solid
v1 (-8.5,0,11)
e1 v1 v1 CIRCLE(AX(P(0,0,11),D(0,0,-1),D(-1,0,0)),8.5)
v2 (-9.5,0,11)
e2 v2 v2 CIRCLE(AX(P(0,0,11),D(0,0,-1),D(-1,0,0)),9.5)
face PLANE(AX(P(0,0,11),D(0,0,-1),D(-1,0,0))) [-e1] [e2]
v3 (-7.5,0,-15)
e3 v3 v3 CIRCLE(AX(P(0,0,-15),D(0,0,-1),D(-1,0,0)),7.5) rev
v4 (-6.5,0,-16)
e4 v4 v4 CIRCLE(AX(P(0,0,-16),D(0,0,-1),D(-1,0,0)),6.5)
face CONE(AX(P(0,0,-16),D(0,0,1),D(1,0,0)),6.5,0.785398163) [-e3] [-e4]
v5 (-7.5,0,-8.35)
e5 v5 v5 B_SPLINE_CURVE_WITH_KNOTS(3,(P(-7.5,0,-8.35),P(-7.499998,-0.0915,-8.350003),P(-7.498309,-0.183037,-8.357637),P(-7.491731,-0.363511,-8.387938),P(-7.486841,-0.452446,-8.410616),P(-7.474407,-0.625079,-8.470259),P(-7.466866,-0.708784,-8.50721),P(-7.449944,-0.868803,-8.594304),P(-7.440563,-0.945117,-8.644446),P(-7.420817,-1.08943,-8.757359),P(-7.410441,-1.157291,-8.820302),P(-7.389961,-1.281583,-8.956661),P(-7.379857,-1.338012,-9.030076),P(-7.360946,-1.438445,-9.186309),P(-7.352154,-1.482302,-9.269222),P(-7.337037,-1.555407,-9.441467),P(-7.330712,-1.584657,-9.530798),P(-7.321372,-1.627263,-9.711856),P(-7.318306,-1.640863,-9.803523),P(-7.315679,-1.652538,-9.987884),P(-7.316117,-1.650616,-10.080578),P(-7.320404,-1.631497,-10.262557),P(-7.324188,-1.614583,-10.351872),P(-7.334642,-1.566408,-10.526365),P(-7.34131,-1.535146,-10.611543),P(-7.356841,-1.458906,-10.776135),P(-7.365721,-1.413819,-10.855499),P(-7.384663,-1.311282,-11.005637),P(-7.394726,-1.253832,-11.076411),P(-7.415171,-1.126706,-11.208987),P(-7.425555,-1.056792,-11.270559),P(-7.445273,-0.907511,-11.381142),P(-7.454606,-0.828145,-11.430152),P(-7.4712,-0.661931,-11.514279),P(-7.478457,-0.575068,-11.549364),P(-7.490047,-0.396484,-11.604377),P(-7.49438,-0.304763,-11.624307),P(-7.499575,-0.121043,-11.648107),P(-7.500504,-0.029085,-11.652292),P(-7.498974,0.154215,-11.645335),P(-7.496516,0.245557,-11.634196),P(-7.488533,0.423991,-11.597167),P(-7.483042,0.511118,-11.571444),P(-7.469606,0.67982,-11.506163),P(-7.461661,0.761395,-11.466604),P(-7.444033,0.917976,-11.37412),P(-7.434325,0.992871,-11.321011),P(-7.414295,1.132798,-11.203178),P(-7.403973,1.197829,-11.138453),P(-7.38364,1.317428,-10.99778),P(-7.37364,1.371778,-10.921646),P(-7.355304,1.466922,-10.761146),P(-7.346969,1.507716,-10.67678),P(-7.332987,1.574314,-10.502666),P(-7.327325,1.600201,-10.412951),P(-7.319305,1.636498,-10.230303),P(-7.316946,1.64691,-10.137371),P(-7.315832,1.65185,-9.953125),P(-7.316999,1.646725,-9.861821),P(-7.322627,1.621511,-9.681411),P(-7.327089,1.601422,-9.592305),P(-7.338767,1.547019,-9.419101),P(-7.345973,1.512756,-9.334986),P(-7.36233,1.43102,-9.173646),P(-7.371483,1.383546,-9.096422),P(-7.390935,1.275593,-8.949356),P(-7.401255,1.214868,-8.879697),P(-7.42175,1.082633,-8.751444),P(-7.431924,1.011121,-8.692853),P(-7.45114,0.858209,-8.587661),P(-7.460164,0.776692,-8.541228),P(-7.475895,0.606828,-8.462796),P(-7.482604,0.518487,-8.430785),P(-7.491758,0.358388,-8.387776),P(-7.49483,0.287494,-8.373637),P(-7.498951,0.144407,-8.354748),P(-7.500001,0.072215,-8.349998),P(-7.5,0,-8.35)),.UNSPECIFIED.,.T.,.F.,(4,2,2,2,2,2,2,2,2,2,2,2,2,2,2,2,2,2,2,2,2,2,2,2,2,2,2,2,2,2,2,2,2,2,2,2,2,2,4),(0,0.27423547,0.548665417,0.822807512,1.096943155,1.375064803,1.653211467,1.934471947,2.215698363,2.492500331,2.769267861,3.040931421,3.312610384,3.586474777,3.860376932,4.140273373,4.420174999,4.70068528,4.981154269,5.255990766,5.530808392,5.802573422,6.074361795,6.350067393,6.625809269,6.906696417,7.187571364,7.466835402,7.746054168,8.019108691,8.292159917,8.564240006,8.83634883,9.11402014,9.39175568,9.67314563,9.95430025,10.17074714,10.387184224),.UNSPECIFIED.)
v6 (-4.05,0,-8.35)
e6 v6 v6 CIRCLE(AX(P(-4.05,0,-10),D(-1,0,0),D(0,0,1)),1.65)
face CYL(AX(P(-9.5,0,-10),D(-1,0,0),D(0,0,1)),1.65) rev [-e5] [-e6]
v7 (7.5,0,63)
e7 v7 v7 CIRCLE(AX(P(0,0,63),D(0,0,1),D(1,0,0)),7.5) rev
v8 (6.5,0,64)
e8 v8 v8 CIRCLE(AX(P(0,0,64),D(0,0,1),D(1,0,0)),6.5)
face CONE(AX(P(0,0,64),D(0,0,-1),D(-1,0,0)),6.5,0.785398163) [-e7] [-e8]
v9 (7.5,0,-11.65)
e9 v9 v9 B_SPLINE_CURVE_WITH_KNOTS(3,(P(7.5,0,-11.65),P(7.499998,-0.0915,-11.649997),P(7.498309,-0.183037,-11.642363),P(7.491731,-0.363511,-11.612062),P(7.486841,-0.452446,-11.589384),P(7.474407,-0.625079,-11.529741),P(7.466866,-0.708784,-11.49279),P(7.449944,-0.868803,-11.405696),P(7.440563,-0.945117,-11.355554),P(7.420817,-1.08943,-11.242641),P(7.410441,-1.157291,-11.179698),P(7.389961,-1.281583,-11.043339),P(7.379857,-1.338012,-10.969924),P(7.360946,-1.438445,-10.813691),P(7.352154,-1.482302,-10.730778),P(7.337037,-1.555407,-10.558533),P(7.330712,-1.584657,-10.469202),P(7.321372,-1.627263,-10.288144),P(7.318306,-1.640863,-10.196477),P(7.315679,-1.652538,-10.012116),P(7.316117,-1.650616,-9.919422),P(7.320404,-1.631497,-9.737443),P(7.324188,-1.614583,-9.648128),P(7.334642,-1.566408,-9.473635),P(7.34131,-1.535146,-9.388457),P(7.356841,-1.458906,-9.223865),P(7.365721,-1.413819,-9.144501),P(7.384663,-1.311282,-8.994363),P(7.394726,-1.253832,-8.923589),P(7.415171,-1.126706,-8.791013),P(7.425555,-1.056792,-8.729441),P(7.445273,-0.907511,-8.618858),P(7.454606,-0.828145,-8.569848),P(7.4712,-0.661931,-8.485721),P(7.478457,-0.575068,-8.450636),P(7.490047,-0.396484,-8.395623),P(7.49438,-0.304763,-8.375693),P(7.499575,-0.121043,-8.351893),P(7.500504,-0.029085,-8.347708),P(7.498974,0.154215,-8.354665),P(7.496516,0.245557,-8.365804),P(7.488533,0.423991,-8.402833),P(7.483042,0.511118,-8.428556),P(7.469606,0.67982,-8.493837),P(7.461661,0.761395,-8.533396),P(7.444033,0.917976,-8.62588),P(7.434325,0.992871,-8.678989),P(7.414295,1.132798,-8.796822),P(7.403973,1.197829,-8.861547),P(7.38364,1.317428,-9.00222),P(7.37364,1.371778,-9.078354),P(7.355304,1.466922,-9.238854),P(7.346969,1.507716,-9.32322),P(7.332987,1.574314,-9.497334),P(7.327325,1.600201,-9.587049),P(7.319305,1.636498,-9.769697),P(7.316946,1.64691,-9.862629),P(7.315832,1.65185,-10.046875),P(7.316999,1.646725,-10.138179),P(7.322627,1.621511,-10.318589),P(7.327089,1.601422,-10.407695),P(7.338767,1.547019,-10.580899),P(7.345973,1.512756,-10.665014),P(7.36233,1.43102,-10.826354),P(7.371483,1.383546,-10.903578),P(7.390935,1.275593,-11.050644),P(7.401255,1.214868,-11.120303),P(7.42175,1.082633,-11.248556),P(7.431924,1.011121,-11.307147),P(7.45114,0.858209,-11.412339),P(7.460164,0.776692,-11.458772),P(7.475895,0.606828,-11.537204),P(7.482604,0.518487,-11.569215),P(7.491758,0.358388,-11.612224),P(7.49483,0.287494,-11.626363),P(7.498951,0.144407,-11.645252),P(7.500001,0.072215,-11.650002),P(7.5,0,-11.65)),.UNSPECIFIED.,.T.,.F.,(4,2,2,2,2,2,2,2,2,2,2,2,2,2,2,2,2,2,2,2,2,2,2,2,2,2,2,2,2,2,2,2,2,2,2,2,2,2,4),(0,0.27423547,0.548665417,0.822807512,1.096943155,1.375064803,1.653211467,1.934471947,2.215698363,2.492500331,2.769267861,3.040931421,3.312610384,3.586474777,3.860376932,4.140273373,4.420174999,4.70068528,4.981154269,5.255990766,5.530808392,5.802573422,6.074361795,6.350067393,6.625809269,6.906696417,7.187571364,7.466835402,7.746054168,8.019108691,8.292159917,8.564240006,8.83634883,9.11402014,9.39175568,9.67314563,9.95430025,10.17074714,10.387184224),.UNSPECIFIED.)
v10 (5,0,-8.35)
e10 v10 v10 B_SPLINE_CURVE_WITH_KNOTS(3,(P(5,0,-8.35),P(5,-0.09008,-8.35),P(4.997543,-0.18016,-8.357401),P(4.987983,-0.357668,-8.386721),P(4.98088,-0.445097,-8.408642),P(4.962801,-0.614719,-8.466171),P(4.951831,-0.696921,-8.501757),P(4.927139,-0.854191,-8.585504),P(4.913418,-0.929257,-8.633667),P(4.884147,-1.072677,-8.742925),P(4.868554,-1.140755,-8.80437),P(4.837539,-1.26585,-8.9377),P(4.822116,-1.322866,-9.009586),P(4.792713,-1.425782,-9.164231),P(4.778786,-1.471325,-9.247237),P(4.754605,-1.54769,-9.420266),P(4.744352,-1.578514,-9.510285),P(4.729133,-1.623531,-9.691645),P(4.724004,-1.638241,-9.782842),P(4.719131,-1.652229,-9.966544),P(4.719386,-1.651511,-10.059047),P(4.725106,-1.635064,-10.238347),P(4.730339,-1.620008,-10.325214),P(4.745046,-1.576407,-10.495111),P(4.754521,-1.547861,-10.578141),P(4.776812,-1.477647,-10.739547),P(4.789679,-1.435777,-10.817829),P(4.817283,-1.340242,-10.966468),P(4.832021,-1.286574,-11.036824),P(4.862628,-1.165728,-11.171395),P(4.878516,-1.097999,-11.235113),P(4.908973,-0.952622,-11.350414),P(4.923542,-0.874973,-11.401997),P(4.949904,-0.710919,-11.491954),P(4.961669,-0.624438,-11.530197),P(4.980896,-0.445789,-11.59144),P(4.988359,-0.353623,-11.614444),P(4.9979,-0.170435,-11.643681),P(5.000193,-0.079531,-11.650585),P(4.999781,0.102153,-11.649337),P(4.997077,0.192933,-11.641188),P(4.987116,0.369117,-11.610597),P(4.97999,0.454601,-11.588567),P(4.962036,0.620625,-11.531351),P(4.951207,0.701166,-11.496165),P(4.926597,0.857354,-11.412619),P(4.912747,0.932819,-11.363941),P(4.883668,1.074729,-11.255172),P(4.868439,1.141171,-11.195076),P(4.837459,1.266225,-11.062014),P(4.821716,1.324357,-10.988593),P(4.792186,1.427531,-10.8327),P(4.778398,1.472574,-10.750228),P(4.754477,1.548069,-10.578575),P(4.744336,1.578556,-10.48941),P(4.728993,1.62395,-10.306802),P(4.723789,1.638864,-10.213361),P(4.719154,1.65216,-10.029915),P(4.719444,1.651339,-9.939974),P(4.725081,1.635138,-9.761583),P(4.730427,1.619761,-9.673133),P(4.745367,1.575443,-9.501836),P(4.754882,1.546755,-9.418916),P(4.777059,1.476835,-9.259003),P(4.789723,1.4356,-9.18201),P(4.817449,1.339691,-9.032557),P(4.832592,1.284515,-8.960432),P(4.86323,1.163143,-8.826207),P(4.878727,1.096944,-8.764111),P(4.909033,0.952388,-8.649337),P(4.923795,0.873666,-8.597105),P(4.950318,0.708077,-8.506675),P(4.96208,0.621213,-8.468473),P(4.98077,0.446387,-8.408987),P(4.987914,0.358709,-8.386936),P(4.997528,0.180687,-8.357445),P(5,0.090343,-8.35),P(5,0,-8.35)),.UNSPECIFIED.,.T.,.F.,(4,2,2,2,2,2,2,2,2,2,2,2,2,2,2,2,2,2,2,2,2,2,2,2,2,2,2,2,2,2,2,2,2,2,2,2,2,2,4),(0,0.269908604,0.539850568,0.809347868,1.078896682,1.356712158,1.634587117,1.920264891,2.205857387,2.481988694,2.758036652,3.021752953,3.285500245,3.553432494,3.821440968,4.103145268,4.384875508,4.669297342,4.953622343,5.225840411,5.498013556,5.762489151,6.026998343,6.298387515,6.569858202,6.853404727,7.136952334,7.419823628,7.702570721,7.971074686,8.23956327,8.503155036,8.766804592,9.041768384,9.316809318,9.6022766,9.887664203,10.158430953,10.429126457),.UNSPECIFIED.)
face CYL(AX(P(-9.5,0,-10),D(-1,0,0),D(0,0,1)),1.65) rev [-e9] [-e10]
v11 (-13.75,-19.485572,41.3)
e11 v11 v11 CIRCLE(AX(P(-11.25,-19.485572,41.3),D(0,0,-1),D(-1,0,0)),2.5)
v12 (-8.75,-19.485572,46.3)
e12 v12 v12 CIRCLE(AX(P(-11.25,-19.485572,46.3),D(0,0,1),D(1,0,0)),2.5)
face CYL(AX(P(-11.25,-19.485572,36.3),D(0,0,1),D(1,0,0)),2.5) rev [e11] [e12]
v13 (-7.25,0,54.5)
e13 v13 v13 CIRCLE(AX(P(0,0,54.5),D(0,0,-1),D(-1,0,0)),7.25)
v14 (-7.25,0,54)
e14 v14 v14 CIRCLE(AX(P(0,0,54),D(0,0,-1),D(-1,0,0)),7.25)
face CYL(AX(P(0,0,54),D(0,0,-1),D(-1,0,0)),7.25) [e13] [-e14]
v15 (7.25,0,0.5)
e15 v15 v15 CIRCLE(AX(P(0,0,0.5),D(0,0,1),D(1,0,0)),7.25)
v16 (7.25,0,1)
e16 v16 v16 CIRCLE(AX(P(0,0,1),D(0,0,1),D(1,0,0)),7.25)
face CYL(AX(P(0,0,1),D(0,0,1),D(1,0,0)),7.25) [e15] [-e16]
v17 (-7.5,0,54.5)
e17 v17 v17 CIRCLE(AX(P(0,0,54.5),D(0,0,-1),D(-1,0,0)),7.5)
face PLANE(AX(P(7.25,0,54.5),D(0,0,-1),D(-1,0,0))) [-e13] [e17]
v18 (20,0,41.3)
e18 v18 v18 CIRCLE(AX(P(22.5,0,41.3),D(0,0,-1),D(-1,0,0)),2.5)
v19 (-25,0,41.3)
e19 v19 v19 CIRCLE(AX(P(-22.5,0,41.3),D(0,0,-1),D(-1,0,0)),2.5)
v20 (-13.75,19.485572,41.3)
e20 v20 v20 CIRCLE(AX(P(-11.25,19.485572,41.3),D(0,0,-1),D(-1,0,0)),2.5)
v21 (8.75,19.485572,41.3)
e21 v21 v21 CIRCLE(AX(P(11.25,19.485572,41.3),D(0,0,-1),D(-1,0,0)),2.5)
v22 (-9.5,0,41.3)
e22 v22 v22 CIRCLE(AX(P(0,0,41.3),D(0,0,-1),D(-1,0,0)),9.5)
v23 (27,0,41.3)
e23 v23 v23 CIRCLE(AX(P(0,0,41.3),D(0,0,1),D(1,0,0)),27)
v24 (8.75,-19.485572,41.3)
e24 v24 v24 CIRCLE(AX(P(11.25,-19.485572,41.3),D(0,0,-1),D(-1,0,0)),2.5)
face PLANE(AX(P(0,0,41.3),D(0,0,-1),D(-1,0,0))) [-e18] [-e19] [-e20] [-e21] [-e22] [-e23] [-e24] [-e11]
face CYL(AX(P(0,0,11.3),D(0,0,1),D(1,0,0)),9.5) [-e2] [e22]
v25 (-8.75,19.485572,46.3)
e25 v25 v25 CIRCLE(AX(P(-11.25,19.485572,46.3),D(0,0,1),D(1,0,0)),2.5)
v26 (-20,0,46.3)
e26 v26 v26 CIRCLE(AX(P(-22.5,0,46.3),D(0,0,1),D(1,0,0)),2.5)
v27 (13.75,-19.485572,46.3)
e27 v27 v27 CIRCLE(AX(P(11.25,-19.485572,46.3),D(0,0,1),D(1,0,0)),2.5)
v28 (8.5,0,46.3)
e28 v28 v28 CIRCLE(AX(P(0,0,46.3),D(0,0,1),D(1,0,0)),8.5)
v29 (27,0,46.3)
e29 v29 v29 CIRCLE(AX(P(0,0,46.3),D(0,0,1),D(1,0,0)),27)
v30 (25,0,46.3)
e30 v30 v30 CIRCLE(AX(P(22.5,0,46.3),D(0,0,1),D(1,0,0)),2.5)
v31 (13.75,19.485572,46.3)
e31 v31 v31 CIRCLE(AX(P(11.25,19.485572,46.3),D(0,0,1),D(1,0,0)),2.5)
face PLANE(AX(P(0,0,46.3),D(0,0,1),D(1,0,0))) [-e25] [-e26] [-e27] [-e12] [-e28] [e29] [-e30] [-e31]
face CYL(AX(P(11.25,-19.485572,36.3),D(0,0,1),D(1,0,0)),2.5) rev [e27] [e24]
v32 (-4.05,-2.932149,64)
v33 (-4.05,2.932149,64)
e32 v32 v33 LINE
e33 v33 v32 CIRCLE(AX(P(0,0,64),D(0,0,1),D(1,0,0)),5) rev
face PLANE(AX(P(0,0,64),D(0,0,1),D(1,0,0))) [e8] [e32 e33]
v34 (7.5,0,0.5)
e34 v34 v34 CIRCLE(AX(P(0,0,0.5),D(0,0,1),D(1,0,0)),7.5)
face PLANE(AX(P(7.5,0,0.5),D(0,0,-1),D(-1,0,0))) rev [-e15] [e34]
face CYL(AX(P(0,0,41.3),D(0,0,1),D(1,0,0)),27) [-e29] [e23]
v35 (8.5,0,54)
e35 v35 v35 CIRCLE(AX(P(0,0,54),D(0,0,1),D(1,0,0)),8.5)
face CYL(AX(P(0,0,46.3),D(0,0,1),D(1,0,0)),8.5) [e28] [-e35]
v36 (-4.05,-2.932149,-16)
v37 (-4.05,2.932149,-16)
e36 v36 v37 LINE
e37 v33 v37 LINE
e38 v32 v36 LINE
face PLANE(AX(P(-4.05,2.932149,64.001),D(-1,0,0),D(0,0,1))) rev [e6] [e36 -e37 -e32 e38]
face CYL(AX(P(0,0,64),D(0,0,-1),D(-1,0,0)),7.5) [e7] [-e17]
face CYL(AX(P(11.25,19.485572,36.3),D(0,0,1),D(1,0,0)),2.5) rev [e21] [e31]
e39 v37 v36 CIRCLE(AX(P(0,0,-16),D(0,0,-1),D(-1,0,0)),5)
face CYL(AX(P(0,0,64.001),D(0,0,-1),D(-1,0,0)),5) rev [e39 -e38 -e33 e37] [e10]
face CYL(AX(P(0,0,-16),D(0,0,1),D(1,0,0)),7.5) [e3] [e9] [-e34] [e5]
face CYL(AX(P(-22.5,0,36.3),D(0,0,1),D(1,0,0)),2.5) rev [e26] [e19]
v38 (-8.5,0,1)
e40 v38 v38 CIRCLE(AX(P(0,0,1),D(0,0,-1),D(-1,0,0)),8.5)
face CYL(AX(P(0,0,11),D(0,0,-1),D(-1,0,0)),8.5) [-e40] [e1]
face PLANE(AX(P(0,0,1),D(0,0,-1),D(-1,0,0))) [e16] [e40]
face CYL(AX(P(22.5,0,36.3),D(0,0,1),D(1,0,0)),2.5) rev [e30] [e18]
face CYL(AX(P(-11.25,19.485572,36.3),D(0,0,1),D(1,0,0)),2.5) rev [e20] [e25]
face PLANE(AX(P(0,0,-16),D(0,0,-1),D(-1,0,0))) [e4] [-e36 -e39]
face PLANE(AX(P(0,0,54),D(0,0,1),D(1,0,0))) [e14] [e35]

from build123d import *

# Parameters (mm, degrees)
SKETCH_1_R                = 7
EXTRUDE_1_DEPTH           = 54
SKETCH_2_R                = 5
EXTRUDE_2_DEPTH           = 7
CHAMFER_1_SIZE            = 1
SKETCH_3_R                = 10
EXTRUDE_3_DEPTH           = 2
SKETCH_4_R                = 6
EXTRUDE_4_DEPTH           = 25
SKETCH_7_R                = 10
EXTRUDE_5_DEPTH           = 4.3
SKETCH_9_R                = 10
SKETCH_9_R_2              = 6
CUT_EXTRUDE_3_DEPTH       = 1.3
SKETCH_11_R               = 27
SKETCH_11_R_2             = 10
EXTRUDE_6_DEPTH           = 5
SKETCH_12_R               = 9.5
SKETCH_12_R_2             = 6
EXTRUDE_7_DEPTH           = 30
SKETCH_14_R               = 2.5
CUT_EXTRUDE_4_DEPTH       = 10
CUT_EXTRUDE_5_DEPTH       = 30
CHAMFER_2_SIZE            = 1
HOLE_WIZARD_M3_1_D        = 2.5
HOLE_WIZARD_M3_1_DEPTH    = 18.5
HOLE_WIZARD_M3_1_TIP      = 0.751075774
SKETCH_22_W               = 38.47112098
SKETCH_22_H               = 24.703275639
CUT_EXTRUDE_10_DEPTH      = 28
CUT_EXTRUDE_10_DEPTH_BACK = 28
SKETCH_24_R               = 9.5
EXTRUDE_9_DEPTH           = 10.3
SKETCH_25_R               = 7.5
EXTRUDE_10_DEPTH          = 17
SKETCH_26_W               = 19.870375241
SKETCH_26_H               = 17.333591793
CUT_EXTRUDE_11_DEPTH      = 28
CUT_EXTRUDE_11_DEPTH_BACK = 28
SKETCH_27_R               = 9.5
EXTRUDE_11_DEPTH          = 7.7
SKETCH_29_R               = 7.5
EXTRUDE_12_DEPTH          = 10
CUT_EXTRUDE_12_REACH      = 82
HOLE_WIZARD_M4_1_D        = 3.3
CHAMFER_4_SIZE            = 1
SKETCH_33_R               = 9.5
SKETCH_33_R_2             = 8.5
CUT_EXTRUDE_13_DEPTH      = 10
SKETCH_34_R               = 9.5
SKETCH_34_R_2             = 8.5
CUT_EXTRUDE_14_DEPTH      = 7.7
SKETCH_35_W               = 0.25
SKETCH_35_H               = 0.5
SKETCH_36_W               = 0.25
SKETCH_36_H               = 0.5


with BuildPart() as part:
    # 草图1 → 凸台-拉伸1 (new body)
    with BuildSketch(Plane.XY):
        Circle(SKETCH_1_R)
    extrude(amount=EXTRUDE_1_DEPTH)

    # 草图2 → 凸台-拉伸2 (add)
    with BuildSketch(Plane.XY.offset(54)):
        Circle(SKETCH_2_R)
    extrude(amount=EXTRUDE_2_DEPTH)

    # 倒角1
    chamfer_1_edges = [part.edges().sort_by_distance(p)[0] for p in [
        (-5, 0, 61),
    ]]
    chamfer(chamfer_1_edges, length=CHAMFER_1_SIZE)

    # 草图3 → 凸台-拉伸3 (add)
    with BuildSketch(Plane.XY.offset(42)):
        Circle(SKETCH_3_R)
    extrude(amount=-EXTRUDE_3_DEPTH)

    # 草图4 → 凸台-拉伸4 (add)
    with BuildSketch(Plane(origin=(0, 0, 0), x_dir=(-1, 0, 0), z_dir=(0, 0, -1))):
        Circle(SKETCH_4_R)
    extrude(amount=EXTRUDE_4_DEPTH)

    # 草图7 → 凸台-拉伸5 (add)
    with BuildSketch(Plane.XY.offset(42)):
        Circle(SKETCH_7_R)
    extrude(amount=EXTRUDE_5_DEPTH)

    # 草图9 → 切除-拉伸3 (cut)
    with BuildSketch(Plane(origin=(0, 0, 40), x_dir=(-1, 0, 0), z_dir=(0, 0, -1))):
        Circle(SKETCH_9_R)
        Circle(SKETCH_9_R_2, mode=Mode.SUBTRACT)
    extrude(amount=-CUT_EXTRUDE_3_DEPTH, mode=Mode.SUBTRACT)

    # 草图11 → 凸台-拉伸6 (add)
    with BuildSketch(Plane.XY.offset(46.3)):
        Circle(SKETCH_11_R)
        Circle(SKETCH_11_R_2, mode=Mode.SUBTRACT)
    extrude(amount=-EXTRUDE_6_DEPTH)

    # 草图12 → 凸台-拉伸7 (add)
    with BuildSketch(Plane(origin=(0, 0, 41.3), x_dir=(-1, 0, 0), z_dir=(0, 0, -1))):
        Circle(SKETCH_12_R)
        Circle(SKETCH_12_R_2, mode=Mode.SUBTRACT)
    extrude(amount=EXTRUDE_7_DEPTH)

    # 草图14 → 切除-拉伸4 (cut)
    with BuildSketch(Plane.XY.offset(46.3)):
        with Locations((22.5, 0)):
            Circle(SKETCH_14_R)
        with Locations((11.25, -19.485571585)):
            Circle(SKETCH_14_R)
        with Locations((-11.25, -19.485571585)):
            Circle(SKETCH_14_R)
        with Locations((-22.5, 0)):
            Circle(SKETCH_14_R)
        with Locations((-11.25, 19.485571585)):
            Circle(SKETCH_14_R)
        with Locations((11.25, 19.485571585)):
            Circle(SKETCH_14_R)
    extrude(amount=-CUT_EXTRUDE_4_DEPTH, mode=Mode.SUBTRACT)

    # 草图13 → 切除-拉伸5 (cut)
    with BuildSketch(Plane(origin=(0, 0, -25), x_dir=(-1, 0, 0), z_dir=(0, 0, -1))):
        with BuildLine():
            Line((2.15, 2.092247595), (2.15, -2.092247595))
            ThreePointArc((2.15, -2.092247595), (0, -3), (-2.15, -2.092247595))
            Line((-2.15, -2.092247595), (-2.15, 2.092247595))
            ThreePointArc((-2.15, 2.092247595), (0, 3), (2.15, 2.092247595))
        make_face()
    extrude(amount=-CUT_EXTRUDE_5_DEPTH, mode=Mode.SUBTRACT)

    # 倒角2
    chamfer_2_edges = [part.edges().sort_by_distance(p)[0] for p in [
        (6, 0, -25),
    ]]
    chamfer(chamfer_2_edges, length=CHAMFER_2_SIZE)

    # M3 螺纹孔1
    with Locations(Plane(origin=(7.85, 0, -17), x_dir=(0, 0, 1), z_dir=(1, 0, 0))):
        with Locations((0, 0)):
            Hole(HOLE_WIZARD_M3_1_D / 2, depth=HOLE_WIZARD_M3_1_DEPTH)
            with Locations((0, 0, -(HOLE_WIZARD_M3_1_DEPTH + HOLE_WIZARD_M3_1_TIP / 2))):  # 118° drill point
                Cone(0, HOLE_WIZARD_M3_1_D / 2, HOLE_WIZARD_M3_1_TIP, mode=Mode.SUBTRACT)

    # 草图22 → 切除-拉伸10 (cut, two sides)
    with BuildSketch(Plane(origin=(0, 0, 0), x_dir=(0, 0, -1), z_dir=(1, 0, 0))) as cut_extrude_10_sk:
        with Locations((7.93556049, 2.744045787)):
            Rectangle(SKETCH_22_W, SKETCH_22_H)
    extrude(amount=CUT_EXTRUDE_10_DEPTH, mode=Mode.SUBTRACT)
    extrude(cut_extrude_10_sk.sketch, amount=-CUT_EXTRUDE_10_DEPTH_BACK, mode=Mode.SUBTRACT)

    # 草图24 → 凸台-拉伸9 (add)
    with BuildSketch(Plane(origin=(0, 0, 11.3), x_dir=(-1, 0, 0), z_dir=(0, 0, -1))):
        Circle(SKETCH_24_R)
    extrude(amount=EXTRUDE_9_DEPTH)

    # 草图25 → 凸台-拉伸10 (add)
    with BuildSketch(Plane(origin=(0, 0, 1), x_dir=(-1, 0, 0), z_dir=(0, 0, -1))):
        Circle(SKETCH_25_R)
    extrude(amount=EXTRUDE_10_DEPTH)

    # 草图26 → 切除-拉伸11 (cut, two sides)
    with BuildSketch(Plane(origin=(0, 0, 0), x_dir=(0, 0, -1), z_dir=(1, 0, 0))) as cut_extrude_11_sk:
        with Locations((-56.23518762, 1.256529054)):
            Rectangle(SKETCH_26_W, SKETCH_26_H)
    extrude(amount=CUT_EXTRUDE_11_DEPTH, mode=Mode.SUBTRACT)
    extrude(cut_extrude_11_sk.sketch, amount=-CUT_EXTRUDE_11_DEPTH_BACK, mode=Mode.SUBTRACT)

    # 草图27 → 凸台-拉伸11 (add)
    with BuildSketch(Plane.XY.offset(46.3)):
        Circle(SKETCH_27_R)
    extrude(amount=EXTRUDE_11_DEPTH)

    # 草图29 → 凸台-拉伸12 (add)
    with BuildSketch(Plane.XY.offset(54)):
        Circle(SKETCH_29_R)
    extrude(amount=EXTRUDE_12_DEPTH)

    # 草图30 → 切除-拉伸12 (cut, up to next)
    with BuildSketch(Plane(origin=(0, 0, -16), x_dir=(-1, 0, 0), z_dir=(0, 0, -1)), mode=Mode.PRIVATE) as cut_extrude_12_sk1:
        with BuildLine():
            Line((4.05, 2.932149382), (4.05, -2.932149382))
            ThreePointArc((4.05, -2.932149382), (-5, 0), (4.05, 2.932149382))
        make_face()
    cut_extrude_12_tool1 = extrude(cut_extrude_12_sk1.sketch, amount=-CUT_EXTRUDE_12_REACH, mode=Mode.PRIVATE) & part.part
    add(cut_extrude_12_tool1.solids().sort_by_distance((0.224834, 0, -16))[0], mode=Mode.SUBTRACT)

    # M4 螺纹孔1 (through all)
    with Locations(Plane.ZY.offset(9.5)):
        with Locations((-10, 0)):
            Hole(HOLE_WIZARD_M4_1_D / 2)

    # 倒角4
    chamfer_4_edges = [part.edges().sort_by_distance(p)[0] for p in [
        (7.5, 0, -16),
        (-7.5, 0, 64),
    ]]
    chamfer(chamfer_4_edges, length=CHAMFER_4_SIZE)

    # 草图33 → 切除-拉伸13 (cut)
    with BuildSketch(Plane(origin=(0, 0, 1), x_dir=(-1, 0, 0), z_dir=(0, 0, -1))):
        Circle(SKETCH_33_R)
        Circle(SKETCH_33_R_2, mode=Mode.SUBTRACT)
    extrude(amount=-CUT_EXTRUDE_13_DEPTH, mode=Mode.SUBTRACT)

    # 草图34 → 切除-拉伸14 (cut)
    with BuildSketch(Plane.XY.offset(54)):
        Circle(SKETCH_34_R)
        Circle(SKETCH_34_R_2, mode=Mode.SUBTRACT)
    extrude(amount=-CUT_EXTRUDE_14_DEPTH, mode=Mode.SUBTRACT)

    # 草图35 → 切除-旋转1 (revolve, cut)
    with BuildSketch(Plane(origin=(0, 0, 0), x_dir=(1, 0, 0), z_dir=(0, 1, 0))):
        with Locations((7.375, -0.75)):
            Rectangle(SKETCH_35_W, SKETCH_35_H)
    revolve(axis=Axis((0, 0, 1), (0, 0, -1)), mode=Mode.SUBTRACT)

    # 草图36 → 切除-旋转2 (revolve, cut)
    with BuildSketch(Plane(origin=(0, 0, 0), x_dir=(1, 0, 0), z_dir=(0, 1, 0))):
        with Locations((7.375, -54.25)):
            Rectangle(SKETCH_36_W, SKETCH_36_H)
    revolve(axis=Axis((0, 0, 54), (0, 0, 1)), mode=Mode.SUBTRACT)


solid = part.part
